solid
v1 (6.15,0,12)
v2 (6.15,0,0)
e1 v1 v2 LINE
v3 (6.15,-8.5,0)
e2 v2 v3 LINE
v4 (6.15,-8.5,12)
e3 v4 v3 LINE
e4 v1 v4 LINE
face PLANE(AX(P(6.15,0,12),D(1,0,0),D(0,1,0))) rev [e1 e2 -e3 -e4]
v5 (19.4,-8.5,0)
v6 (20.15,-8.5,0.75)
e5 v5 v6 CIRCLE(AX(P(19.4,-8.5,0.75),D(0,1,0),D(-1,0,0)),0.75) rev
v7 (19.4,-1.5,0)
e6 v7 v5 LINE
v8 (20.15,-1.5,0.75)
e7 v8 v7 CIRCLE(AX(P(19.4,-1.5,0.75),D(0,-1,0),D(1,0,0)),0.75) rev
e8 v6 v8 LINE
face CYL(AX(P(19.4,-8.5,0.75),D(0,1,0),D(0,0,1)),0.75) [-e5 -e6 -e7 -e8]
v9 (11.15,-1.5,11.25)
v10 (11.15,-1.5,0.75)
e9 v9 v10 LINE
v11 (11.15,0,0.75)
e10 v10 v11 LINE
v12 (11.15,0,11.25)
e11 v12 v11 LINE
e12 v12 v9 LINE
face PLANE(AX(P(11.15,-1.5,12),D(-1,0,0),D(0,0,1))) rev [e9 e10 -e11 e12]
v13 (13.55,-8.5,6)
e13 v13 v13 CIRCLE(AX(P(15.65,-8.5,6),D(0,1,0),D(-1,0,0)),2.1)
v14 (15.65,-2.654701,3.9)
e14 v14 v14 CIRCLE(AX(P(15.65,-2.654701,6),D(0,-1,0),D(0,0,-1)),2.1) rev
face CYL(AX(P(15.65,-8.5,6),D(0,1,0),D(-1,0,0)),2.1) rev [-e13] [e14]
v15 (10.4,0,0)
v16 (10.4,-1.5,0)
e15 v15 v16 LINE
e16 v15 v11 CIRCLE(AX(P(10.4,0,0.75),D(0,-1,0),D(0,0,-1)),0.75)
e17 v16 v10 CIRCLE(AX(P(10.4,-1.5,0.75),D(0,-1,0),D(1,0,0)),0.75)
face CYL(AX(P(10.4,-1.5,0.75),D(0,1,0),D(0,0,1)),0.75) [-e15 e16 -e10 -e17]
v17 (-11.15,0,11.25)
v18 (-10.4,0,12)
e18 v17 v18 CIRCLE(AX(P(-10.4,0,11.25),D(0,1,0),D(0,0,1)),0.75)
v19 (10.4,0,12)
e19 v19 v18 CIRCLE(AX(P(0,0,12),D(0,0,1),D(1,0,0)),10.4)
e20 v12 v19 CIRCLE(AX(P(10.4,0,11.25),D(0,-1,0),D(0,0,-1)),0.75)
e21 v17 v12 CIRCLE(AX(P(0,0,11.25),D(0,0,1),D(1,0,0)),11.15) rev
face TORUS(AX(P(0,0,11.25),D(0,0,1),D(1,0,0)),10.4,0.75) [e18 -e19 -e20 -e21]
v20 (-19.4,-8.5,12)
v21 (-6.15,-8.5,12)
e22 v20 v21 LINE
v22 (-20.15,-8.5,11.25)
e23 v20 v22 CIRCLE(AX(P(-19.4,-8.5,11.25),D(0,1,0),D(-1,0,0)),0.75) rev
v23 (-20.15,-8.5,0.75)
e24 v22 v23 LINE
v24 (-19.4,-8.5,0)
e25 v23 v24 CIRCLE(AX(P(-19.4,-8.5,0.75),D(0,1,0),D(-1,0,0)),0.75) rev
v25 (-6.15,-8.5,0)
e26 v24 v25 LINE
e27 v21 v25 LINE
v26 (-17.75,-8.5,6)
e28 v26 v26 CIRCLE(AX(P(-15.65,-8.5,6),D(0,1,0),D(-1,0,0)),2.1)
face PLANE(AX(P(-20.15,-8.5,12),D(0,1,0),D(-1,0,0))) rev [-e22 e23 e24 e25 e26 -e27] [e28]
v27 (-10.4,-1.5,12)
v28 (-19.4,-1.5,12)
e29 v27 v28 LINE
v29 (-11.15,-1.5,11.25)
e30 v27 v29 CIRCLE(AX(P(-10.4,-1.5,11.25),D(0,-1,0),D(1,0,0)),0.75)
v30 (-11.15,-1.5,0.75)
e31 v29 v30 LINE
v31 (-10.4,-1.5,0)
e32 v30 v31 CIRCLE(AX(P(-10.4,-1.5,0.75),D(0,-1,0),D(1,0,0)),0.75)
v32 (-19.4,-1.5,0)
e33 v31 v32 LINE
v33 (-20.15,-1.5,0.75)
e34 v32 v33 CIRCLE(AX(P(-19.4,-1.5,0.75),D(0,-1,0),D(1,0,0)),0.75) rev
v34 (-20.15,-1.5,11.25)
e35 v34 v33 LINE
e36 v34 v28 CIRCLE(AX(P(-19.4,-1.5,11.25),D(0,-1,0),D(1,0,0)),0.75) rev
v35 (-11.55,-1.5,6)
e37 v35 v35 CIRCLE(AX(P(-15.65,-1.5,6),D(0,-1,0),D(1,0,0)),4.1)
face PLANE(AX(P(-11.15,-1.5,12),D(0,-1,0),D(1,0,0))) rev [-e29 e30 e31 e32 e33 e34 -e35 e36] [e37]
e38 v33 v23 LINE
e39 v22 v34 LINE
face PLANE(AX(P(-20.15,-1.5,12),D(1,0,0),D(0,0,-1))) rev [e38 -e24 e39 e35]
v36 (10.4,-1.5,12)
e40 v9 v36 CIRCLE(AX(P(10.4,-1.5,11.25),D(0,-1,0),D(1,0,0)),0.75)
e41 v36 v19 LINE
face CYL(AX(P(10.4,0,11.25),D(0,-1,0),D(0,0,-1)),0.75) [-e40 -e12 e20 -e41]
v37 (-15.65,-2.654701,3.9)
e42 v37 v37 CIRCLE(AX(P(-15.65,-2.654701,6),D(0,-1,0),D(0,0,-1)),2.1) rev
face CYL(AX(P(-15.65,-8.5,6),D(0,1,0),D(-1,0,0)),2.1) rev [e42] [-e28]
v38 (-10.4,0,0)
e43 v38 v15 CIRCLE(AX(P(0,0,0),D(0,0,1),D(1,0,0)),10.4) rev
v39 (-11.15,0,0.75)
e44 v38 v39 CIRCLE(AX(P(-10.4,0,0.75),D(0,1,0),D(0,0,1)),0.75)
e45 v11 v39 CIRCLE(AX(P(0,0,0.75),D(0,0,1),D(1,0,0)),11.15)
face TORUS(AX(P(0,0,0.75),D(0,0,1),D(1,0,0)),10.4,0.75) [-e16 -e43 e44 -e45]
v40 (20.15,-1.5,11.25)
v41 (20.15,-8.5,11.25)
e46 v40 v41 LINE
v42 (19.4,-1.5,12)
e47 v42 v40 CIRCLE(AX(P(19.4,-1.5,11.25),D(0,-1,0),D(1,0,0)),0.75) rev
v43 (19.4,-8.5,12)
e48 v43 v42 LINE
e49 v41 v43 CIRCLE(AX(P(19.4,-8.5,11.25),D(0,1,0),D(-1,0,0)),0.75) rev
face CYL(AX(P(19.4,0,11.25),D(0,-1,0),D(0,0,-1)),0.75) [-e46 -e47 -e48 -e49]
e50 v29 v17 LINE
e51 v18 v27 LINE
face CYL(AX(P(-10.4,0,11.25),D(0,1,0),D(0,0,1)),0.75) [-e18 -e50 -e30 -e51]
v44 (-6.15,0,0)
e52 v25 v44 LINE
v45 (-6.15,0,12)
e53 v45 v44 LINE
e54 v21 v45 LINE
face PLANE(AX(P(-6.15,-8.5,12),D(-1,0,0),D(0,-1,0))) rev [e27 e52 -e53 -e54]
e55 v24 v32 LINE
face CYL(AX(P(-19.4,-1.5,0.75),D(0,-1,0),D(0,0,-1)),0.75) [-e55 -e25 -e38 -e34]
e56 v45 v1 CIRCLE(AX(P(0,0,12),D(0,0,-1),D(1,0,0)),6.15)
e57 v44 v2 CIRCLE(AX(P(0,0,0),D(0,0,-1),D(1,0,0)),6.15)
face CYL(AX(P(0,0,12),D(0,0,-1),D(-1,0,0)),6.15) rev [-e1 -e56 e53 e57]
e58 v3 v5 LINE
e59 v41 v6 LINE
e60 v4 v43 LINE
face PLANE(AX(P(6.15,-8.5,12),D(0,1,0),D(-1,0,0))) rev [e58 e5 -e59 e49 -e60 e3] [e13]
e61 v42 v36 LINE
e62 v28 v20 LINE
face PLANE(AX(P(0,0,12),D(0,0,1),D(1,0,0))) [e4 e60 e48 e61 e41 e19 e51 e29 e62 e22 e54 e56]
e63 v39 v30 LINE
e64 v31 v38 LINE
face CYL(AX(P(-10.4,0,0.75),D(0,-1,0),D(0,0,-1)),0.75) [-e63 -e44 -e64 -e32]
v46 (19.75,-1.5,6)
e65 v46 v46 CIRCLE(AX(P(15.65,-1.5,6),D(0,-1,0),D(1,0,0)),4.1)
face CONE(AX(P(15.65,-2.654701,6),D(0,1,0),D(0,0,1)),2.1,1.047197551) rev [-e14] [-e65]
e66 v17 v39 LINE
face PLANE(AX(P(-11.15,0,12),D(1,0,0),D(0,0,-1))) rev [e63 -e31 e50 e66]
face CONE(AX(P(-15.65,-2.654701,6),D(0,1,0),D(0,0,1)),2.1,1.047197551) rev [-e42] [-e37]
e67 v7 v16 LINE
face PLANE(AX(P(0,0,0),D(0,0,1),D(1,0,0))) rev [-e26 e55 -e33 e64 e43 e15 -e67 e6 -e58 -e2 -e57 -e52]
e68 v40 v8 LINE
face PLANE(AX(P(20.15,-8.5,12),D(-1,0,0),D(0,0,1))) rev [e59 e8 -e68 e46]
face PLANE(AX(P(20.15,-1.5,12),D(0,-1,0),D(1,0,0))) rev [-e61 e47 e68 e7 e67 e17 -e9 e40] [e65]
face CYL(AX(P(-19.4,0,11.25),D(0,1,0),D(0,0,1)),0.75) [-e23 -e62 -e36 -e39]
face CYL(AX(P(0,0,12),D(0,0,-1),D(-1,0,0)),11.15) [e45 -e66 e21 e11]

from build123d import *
from OCP.BRepFilletAPI import BRepFilletAPI_MakeChamfer

# Parameters (mm, degrees)
BOSS_EXTRUDE1_DEPTH = 12
SKETCH4_R           = 2.1
CUT_EXTRUDE1_DEPTH  = 27.646669586
CHAMFER1_SIZE       = 2
CHAMFER1_SIZE2      = 1.154700538
FILLET2_R           = 0.75


with BuildPart() as part:
    # Sketch1 → Boss-Extrude1 (new body)
    with BuildSketch(Plane.XY):
        with BuildLine():
            Line((-11.15, 0), (-11.15, -1.5))
            Line((-11.15, -1.5), (-20.15, -1.5))
            Line((-20.15, -1.5), (-20.15, -8.5))
            Line((-20.15, -8.5), (-6.15, -8.5))
            Line((-6.15, -8.5), (-6.15, 0))
            ThreePointArc((-6.15, 0), (0, 6.15), (6.15, 0))
            Line((6.15, 0), (6.15, -8.5))
            Line((6.15, -8.5), (20.15, -8.5))
            Line((20.15, -8.5), (20.15, -1.5))
            Line((20.15, -1.5), (11.15, -1.5))
            Line((11.15, -1.5), (11.15, 0))
            ThreePointArc((11.15, 0), (0, 11.15), (-11.15, 0))
        make_face()
    extrude(amount=BOSS_EXTRUDE1_DEPTH)

    # Sketch4 → Cut-Extrude1 (cut, through all)
    with BuildSketch(Plane(origin=(0, -1.5, 0), x_dir=(1, 0, 0), z_dir=(0, 1, 0))):
        with Locations(Location((-15.65, -6, 0), (0, 0, 180))):
            Circle(SKETCH4_R)
        with Locations(Location((15.65, -6, 0), (0, 0, 180))):
            Circle(SKETCH4_R)
    extrude(amount=-CUT_EXTRUDE1_DEPTH, mode=Mode.SUBTRACT)

    # Chamfer1: one chamfer whose edges measure the first distance from different faces: ONE call of the kernel's chamfer builder (chamfer() names one face for all edges)
    chamfer1_edges_1 = [part.edges().sort_by_distance(p)[0] for p in [
        (-13.55, -1.5, 6),
    ]]
    chamfer1_side_1 = [part.faces().sort_by_distance(p)[0] for p in [
        (-11.3, -1.5, 6),
    ]]
    chamfer1_edges_2 = [part.edges().sort_by_distance(p)[0] for p in [
        (17.75, -1.5, 6),
    ]]
    chamfer1_side_2 = [part.faces().sort_by_distance(p)[0] for p in [
        (20, -1.5, 6),
    ]]
    chamfer1 = BRepFilletAPI_MakeChamfer(part.part.solid().wrapped)
    for e in chamfer1_edges_1:
        chamfer1.Add(CHAMFER1_SIZE, CHAMFER1_SIZE2, e.wrapped, chamfer1_side_1[0].wrapped)  # the first distance lies on this face
    for e in chamfer1_edges_2:
        chamfer1.Add(CHAMFER1_SIZE, CHAMFER1_SIZE2, e.wrapped, chamfer1_side_2[0].wrapped)  # the first distance lies on this face
    add(Compound.cast(chamfer1.Shape()), mode=Mode.REPLACE)

    # Fillet2
    fillet2_edges = [part.edges().sort_by_distance(p)[0] for p in [
        (11.15, -0.75, 0),
        (20.15, -5, 0),
        (-20.15, -5, 0),
        (-11.15, -0.75, 0),
        (0, 11.15, 0),
        (-20.15, -5, 12),
        (20.15, -5, 12),
        (11.15, -0.75, 12),
        (0, 11.15, 12),
        (-11.15, -0.75, 12),
    ]]
    fillet(fillet2_edges, radius=FILLET2_R)


solid = part.part
